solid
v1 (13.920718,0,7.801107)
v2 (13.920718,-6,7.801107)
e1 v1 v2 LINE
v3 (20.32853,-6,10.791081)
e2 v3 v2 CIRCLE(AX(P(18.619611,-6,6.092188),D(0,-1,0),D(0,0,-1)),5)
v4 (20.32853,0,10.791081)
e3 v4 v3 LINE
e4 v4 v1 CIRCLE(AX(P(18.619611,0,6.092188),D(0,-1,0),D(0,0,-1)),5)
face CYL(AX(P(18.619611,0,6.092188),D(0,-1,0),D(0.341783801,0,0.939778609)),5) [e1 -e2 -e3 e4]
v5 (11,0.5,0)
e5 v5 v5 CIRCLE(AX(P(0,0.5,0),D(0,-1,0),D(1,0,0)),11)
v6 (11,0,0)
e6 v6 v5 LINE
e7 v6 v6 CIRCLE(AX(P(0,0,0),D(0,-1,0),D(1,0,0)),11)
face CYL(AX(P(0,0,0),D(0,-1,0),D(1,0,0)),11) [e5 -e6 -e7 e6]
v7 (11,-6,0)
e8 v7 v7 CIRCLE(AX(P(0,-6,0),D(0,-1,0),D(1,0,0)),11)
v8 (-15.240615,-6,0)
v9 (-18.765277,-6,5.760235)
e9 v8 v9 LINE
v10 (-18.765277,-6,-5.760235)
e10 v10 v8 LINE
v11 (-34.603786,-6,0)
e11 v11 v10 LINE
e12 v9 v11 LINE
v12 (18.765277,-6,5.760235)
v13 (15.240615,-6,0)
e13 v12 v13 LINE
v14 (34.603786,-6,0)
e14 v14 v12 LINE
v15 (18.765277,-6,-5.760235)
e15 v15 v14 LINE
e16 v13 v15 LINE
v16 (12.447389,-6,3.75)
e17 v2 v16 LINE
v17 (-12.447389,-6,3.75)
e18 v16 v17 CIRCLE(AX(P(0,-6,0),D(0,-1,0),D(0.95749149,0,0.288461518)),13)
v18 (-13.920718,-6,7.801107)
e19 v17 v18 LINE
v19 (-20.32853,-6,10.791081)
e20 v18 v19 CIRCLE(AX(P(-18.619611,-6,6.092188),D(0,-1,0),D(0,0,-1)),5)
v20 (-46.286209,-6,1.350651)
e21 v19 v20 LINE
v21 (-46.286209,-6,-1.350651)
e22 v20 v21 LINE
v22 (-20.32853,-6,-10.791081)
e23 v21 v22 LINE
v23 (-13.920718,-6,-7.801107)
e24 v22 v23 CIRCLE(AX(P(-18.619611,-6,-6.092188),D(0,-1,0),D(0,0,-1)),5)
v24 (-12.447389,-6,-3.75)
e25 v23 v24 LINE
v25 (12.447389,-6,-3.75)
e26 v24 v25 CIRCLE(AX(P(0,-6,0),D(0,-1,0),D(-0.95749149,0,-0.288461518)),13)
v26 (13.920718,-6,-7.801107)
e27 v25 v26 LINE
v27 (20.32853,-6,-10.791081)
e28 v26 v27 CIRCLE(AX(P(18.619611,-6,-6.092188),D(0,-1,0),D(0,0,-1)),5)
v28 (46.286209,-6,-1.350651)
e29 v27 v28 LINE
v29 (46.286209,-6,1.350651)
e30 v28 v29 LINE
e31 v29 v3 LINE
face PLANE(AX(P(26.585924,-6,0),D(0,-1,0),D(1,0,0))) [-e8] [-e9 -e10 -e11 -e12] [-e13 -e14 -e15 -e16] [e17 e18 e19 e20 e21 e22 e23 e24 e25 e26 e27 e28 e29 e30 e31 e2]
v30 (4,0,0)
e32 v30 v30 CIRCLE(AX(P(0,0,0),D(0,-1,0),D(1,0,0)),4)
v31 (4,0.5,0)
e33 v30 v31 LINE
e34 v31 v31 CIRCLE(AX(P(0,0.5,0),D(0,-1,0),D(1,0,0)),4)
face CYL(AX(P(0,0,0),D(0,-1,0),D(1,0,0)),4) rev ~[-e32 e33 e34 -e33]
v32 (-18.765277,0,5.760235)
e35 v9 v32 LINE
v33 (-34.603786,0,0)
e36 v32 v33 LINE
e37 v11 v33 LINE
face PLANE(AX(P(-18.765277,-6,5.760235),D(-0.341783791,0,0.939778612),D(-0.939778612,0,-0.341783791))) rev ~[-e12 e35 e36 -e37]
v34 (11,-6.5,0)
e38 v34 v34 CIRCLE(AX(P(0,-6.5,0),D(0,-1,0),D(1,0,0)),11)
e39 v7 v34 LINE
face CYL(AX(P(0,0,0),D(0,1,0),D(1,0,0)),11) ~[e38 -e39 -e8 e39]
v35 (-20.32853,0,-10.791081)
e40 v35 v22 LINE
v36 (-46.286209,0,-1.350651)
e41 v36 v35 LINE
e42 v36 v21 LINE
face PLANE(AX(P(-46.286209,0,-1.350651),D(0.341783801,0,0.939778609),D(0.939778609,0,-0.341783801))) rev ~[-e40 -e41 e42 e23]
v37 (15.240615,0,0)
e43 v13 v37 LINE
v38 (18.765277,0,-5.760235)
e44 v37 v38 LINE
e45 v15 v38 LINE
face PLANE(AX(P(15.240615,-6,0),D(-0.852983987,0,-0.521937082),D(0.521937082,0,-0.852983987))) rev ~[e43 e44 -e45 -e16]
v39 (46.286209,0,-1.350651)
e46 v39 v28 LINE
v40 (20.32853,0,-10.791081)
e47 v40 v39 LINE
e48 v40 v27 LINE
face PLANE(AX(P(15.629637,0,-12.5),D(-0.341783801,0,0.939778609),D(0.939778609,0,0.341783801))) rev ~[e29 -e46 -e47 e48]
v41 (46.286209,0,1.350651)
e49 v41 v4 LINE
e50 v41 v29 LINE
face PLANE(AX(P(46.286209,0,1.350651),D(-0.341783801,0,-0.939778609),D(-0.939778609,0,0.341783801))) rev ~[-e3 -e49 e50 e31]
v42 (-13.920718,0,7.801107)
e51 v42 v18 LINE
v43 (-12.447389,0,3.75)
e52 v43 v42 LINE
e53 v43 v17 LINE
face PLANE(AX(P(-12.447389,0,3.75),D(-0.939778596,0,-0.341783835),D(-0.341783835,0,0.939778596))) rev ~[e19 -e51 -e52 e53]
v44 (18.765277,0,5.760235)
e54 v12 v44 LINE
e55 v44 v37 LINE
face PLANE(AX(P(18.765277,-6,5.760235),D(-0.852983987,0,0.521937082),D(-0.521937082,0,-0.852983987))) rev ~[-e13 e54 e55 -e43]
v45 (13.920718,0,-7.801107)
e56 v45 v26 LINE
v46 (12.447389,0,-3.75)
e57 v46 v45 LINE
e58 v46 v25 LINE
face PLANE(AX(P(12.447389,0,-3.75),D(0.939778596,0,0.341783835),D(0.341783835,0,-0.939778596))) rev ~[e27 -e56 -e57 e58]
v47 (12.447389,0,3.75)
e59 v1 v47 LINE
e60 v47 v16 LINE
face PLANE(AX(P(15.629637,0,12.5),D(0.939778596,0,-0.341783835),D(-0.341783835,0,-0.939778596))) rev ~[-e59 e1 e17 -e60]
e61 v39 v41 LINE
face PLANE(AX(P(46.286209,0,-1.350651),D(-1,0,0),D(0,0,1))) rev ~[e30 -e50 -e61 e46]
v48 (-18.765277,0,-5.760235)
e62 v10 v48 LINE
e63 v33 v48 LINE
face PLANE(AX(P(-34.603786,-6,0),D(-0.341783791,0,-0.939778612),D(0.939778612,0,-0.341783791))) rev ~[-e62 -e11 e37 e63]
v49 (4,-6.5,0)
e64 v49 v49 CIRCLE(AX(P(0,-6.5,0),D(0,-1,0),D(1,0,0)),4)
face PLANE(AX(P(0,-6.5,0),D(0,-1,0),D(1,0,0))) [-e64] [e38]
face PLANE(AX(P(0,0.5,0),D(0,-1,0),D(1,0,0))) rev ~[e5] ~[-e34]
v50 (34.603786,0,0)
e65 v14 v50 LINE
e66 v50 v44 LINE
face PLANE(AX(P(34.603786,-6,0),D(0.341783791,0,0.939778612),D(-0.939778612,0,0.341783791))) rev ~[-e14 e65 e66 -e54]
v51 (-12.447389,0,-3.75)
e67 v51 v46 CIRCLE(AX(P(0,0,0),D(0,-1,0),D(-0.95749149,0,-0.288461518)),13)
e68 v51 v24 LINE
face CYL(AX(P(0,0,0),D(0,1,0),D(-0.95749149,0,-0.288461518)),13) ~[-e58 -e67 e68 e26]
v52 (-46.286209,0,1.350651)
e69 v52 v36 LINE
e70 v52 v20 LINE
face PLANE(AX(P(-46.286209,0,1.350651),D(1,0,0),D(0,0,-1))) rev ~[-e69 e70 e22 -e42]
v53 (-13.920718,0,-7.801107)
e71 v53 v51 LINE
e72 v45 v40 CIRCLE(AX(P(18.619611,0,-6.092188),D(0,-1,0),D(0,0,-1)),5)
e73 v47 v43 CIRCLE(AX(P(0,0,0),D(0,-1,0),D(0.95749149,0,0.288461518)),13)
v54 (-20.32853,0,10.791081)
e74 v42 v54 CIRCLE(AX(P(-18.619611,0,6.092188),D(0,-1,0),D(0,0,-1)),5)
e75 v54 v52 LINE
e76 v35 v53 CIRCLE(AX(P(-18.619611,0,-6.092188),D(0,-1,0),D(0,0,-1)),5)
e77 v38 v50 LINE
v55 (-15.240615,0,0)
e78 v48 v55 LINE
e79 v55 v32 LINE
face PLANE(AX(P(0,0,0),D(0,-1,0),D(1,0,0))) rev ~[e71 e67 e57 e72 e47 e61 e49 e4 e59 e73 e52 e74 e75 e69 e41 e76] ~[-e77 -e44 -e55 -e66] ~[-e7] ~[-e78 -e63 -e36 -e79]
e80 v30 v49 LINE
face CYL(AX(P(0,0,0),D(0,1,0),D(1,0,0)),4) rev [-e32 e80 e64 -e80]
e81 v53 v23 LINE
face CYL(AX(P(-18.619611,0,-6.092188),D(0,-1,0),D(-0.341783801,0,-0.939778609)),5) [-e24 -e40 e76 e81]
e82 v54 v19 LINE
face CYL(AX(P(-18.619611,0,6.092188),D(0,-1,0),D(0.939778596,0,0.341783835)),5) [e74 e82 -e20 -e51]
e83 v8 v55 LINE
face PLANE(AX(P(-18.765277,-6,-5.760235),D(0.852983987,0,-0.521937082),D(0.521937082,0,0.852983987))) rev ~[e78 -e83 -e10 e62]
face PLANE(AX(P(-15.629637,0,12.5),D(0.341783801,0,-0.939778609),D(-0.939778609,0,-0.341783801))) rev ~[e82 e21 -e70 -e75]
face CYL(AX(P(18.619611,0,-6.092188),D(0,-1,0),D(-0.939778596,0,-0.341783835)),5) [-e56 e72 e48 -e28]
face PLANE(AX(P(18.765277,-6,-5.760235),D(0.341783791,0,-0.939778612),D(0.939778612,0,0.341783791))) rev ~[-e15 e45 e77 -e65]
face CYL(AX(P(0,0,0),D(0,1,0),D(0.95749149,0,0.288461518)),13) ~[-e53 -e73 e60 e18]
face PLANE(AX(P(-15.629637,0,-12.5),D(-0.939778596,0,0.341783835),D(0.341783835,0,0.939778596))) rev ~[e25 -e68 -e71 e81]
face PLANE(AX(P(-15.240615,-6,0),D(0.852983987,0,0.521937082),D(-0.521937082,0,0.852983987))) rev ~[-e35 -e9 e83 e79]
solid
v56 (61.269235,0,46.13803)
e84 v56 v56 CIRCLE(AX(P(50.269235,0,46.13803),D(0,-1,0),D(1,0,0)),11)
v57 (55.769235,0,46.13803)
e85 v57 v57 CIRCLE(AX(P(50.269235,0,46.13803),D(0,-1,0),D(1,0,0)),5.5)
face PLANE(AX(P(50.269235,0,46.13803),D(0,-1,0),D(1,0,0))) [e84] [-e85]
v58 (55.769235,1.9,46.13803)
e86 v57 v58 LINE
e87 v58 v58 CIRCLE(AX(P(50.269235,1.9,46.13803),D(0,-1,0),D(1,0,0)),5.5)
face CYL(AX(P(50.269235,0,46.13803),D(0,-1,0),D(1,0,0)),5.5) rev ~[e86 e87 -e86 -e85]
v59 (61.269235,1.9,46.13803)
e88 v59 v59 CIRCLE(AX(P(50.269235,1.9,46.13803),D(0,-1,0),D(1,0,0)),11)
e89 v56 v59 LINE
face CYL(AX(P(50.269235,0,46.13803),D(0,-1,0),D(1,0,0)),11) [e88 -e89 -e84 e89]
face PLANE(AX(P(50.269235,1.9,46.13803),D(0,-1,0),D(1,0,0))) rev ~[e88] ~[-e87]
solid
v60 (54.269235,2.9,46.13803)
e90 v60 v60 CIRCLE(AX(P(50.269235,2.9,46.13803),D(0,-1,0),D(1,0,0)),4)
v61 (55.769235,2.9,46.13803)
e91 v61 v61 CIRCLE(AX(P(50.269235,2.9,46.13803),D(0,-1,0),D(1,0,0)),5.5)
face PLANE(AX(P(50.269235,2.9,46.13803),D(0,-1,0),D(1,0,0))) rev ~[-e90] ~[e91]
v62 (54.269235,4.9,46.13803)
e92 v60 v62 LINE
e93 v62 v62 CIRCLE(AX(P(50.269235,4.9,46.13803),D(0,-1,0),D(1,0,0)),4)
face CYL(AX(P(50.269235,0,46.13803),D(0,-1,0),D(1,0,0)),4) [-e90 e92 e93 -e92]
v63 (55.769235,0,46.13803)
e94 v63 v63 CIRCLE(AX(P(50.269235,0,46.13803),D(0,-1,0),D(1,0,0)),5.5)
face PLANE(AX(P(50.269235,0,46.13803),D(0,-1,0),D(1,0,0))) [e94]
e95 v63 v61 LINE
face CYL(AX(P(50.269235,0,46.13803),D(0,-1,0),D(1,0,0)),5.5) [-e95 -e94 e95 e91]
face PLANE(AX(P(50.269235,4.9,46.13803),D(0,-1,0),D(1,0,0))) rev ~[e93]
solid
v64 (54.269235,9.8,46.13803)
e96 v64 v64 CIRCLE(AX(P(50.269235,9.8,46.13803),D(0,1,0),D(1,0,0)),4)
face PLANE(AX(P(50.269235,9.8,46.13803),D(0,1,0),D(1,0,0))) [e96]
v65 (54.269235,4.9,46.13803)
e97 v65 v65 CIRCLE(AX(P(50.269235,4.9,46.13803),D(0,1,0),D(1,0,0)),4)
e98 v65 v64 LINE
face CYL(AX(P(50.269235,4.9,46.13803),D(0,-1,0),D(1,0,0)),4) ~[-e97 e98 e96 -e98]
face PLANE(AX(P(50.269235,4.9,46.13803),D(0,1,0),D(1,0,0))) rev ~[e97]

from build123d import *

# Parameters (mm, degrees)
F0_R       = 11
F1_DEPTH   = 6
F2_R       = 5
F5_DEPTH   = 25
F0_R_2     = 9.5
F0_R_3     = 5.1
F0_R_4     = 4
F7_R       = 5.1
F7_R_2     = 4
F8_DEPTH   = 6.5
F9_DEPTH   = 0.5
F6_R       = 4
F11_DEPTH  = 4.9
F11_FACE_R = 4
F12_DEPTH  = 4.9
F10_R      = 5.5
F13_DEPTH  = 2.9
F10_R_2    = 11
F14_DEPTH  = 1.9


with BuildPart() as f1:
    # F0 (on Front) → F1 (new body)
    with BuildSketch(Plane.XZ):
        with BuildLine():
            ThreePointArc((12.447389, 3.75), (12.861105, 1.895249), (13, 0))
            ThreePointArc((13, 0), (12.861105, -1.895249), (12.447389, -3.75))
            Line((12.447389, -3.75), (15.629637, -12.5))
            Line((15.629637, -12.5), (46.286209, -1.350651))
            Line((46.286209, -1.350651), (46.286209, 1.350651))
            Line((46.286209, 1.350651), (15.629637, 12.5))
            Line((15.629637, 12.5), (12.447389, 3.75))
        make_face()
        with BuildLine():
            ThreePointArc((12.447389, -3.75), (12.861105, -1.895249), (13, 0))
            ThreePointArc((13, 0), (12.861105, 1.895249), (12.447389, 3.75))
            ThreePointArc((12.447389, 3.75), (0, 13), (-12.447389, 3.75))
            ThreePointArc((-12.447389, 3.75), (-13, 0), (-12.447389, -3.75))
            ThreePointArc((-12.447389, -3.75), (0, -13), (12.447389, -3.75))
        make_face()
        Circle(F0_R, mode=Mode.SUBTRACT)
        with BuildLine():
            ThreePointArc((-12.447389, -3.75), (-13, 0), (-12.447389, 3.75))
            Line((-12.447389, 3.75), (-15.629637, 12.5))
            Line((-15.629637, 12.5), (-46.286209, 1.350651))
            Line((-46.286209, 1.350651), (-46.286209, -1.350651))
            Line((-46.286209, -1.350651), (-15.629637, -12.5))
            Line((-15.629637, -12.5), (-12.447389, -3.75))
        make_face()
    extrude(amount=F1_DEPTH)

    # F2
    f2_edges = [f1.edges().sort_by_distance(p)[0] for p in [
        (15.629637, -3, 12.5),
        (15.629637, -3, -12.5),
        (-15.629637, -3, -12.5),
        (-15.629637, -3, 12.5),
    ]]
    fillet(f2_edges, radius=F2_R)

    # F3 (on face) + F4 (on face) → F5 (cut)
    with BuildSketch(Plane.XZ.offset(6)):
        Polygon((34.603786, 0), (18.765277, 5.760235), (15.240615, 0), (18.765277, -5.760235), align=None)
    with BuildSketch(Plane.XZ.offset(6)):
        Polygon((-18.765277, -5.760235), (-15.240615, 0), (-18.765277, 5.760235), (-34.603786, 0), align=None)
    extrude(amount=-F5_DEPTH, mode=Mode.SUBTRACT)

    # F0 (on Front) + F7 (on Front) → F8 (join)
    with BuildSketch(Plane.XZ):
        Circle(F0_R)
        Circle(F0_R_2, mode=Mode.SUBTRACT)
        Circle(F0_R_2)
        Circle(F0_R_3, mode=Mode.SUBTRACT)
        Circle(F0_R_3)
        Circle(F0_R_4, mode=Mode.SUBTRACT)
    with BuildSketch(Plane.XZ):
        Circle(F7_R)
        Circle(F7_R_2, mode=Mode.SUBTRACT)
    extrude(amount=F8_DEPTH)

    # F0 (on Front) → F9 (join)
    with BuildSketch(Plane.XZ):
        Circle(F0_R)
        Circle(F0_R_2, mode=Mode.SUBTRACT)
        Circle(F0_R_2)
        Circle(F0_R_3, mode=Mode.SUBTRACT)
        Circle(F0_R_3)
        Circle(F0_R_4, mode=Mode.SUBTRACT)
    extrude(amount=-F9_DEPTH)


with BuildPart() as f11:
    # F6 (on Front) → F11 (new body)
    with BuildSketch(Plane.XZ):
        with Locations((50.269235, 46.13803)):
            Circle(F6_R)
    extrude(amount=-F11_DEPTH)

    # F10 (on Front) → F13 (join)
    with BuildSketch(Plane.XZ):
        with Locations((50.269235, 46.13803)):
            Circle(F10_R)
    extrude(amount=-F13_DEPTH)


with BuildPart() as f12:
    # F11_face (on face) → F12 (new body)
    with BuildSketch(Plane(origin=(50.269235, 4.9, 46.13803), x_dir=(1, 0, 0), z_dir=(0, 1, 0))):
        Circle(F11_FACE_R)
    extrude(amount=F12_DEPTH)


with BuildPart() as f14:
    # F10 (on Front) → F14 (new body)
    with BuildSketch(Plane.XZ):
        with Locations((50.269235, 46.13803)):
            Circle(F10_R_2)
        with Locations((50.269235, 46.13803)):
            Circle(F10_R, mode=Mode.SUBTRACT)
    extrude(amount=-F14_DEPTH)


solid = Compound([f1.part, f11.part, f12.part, f14.part])
